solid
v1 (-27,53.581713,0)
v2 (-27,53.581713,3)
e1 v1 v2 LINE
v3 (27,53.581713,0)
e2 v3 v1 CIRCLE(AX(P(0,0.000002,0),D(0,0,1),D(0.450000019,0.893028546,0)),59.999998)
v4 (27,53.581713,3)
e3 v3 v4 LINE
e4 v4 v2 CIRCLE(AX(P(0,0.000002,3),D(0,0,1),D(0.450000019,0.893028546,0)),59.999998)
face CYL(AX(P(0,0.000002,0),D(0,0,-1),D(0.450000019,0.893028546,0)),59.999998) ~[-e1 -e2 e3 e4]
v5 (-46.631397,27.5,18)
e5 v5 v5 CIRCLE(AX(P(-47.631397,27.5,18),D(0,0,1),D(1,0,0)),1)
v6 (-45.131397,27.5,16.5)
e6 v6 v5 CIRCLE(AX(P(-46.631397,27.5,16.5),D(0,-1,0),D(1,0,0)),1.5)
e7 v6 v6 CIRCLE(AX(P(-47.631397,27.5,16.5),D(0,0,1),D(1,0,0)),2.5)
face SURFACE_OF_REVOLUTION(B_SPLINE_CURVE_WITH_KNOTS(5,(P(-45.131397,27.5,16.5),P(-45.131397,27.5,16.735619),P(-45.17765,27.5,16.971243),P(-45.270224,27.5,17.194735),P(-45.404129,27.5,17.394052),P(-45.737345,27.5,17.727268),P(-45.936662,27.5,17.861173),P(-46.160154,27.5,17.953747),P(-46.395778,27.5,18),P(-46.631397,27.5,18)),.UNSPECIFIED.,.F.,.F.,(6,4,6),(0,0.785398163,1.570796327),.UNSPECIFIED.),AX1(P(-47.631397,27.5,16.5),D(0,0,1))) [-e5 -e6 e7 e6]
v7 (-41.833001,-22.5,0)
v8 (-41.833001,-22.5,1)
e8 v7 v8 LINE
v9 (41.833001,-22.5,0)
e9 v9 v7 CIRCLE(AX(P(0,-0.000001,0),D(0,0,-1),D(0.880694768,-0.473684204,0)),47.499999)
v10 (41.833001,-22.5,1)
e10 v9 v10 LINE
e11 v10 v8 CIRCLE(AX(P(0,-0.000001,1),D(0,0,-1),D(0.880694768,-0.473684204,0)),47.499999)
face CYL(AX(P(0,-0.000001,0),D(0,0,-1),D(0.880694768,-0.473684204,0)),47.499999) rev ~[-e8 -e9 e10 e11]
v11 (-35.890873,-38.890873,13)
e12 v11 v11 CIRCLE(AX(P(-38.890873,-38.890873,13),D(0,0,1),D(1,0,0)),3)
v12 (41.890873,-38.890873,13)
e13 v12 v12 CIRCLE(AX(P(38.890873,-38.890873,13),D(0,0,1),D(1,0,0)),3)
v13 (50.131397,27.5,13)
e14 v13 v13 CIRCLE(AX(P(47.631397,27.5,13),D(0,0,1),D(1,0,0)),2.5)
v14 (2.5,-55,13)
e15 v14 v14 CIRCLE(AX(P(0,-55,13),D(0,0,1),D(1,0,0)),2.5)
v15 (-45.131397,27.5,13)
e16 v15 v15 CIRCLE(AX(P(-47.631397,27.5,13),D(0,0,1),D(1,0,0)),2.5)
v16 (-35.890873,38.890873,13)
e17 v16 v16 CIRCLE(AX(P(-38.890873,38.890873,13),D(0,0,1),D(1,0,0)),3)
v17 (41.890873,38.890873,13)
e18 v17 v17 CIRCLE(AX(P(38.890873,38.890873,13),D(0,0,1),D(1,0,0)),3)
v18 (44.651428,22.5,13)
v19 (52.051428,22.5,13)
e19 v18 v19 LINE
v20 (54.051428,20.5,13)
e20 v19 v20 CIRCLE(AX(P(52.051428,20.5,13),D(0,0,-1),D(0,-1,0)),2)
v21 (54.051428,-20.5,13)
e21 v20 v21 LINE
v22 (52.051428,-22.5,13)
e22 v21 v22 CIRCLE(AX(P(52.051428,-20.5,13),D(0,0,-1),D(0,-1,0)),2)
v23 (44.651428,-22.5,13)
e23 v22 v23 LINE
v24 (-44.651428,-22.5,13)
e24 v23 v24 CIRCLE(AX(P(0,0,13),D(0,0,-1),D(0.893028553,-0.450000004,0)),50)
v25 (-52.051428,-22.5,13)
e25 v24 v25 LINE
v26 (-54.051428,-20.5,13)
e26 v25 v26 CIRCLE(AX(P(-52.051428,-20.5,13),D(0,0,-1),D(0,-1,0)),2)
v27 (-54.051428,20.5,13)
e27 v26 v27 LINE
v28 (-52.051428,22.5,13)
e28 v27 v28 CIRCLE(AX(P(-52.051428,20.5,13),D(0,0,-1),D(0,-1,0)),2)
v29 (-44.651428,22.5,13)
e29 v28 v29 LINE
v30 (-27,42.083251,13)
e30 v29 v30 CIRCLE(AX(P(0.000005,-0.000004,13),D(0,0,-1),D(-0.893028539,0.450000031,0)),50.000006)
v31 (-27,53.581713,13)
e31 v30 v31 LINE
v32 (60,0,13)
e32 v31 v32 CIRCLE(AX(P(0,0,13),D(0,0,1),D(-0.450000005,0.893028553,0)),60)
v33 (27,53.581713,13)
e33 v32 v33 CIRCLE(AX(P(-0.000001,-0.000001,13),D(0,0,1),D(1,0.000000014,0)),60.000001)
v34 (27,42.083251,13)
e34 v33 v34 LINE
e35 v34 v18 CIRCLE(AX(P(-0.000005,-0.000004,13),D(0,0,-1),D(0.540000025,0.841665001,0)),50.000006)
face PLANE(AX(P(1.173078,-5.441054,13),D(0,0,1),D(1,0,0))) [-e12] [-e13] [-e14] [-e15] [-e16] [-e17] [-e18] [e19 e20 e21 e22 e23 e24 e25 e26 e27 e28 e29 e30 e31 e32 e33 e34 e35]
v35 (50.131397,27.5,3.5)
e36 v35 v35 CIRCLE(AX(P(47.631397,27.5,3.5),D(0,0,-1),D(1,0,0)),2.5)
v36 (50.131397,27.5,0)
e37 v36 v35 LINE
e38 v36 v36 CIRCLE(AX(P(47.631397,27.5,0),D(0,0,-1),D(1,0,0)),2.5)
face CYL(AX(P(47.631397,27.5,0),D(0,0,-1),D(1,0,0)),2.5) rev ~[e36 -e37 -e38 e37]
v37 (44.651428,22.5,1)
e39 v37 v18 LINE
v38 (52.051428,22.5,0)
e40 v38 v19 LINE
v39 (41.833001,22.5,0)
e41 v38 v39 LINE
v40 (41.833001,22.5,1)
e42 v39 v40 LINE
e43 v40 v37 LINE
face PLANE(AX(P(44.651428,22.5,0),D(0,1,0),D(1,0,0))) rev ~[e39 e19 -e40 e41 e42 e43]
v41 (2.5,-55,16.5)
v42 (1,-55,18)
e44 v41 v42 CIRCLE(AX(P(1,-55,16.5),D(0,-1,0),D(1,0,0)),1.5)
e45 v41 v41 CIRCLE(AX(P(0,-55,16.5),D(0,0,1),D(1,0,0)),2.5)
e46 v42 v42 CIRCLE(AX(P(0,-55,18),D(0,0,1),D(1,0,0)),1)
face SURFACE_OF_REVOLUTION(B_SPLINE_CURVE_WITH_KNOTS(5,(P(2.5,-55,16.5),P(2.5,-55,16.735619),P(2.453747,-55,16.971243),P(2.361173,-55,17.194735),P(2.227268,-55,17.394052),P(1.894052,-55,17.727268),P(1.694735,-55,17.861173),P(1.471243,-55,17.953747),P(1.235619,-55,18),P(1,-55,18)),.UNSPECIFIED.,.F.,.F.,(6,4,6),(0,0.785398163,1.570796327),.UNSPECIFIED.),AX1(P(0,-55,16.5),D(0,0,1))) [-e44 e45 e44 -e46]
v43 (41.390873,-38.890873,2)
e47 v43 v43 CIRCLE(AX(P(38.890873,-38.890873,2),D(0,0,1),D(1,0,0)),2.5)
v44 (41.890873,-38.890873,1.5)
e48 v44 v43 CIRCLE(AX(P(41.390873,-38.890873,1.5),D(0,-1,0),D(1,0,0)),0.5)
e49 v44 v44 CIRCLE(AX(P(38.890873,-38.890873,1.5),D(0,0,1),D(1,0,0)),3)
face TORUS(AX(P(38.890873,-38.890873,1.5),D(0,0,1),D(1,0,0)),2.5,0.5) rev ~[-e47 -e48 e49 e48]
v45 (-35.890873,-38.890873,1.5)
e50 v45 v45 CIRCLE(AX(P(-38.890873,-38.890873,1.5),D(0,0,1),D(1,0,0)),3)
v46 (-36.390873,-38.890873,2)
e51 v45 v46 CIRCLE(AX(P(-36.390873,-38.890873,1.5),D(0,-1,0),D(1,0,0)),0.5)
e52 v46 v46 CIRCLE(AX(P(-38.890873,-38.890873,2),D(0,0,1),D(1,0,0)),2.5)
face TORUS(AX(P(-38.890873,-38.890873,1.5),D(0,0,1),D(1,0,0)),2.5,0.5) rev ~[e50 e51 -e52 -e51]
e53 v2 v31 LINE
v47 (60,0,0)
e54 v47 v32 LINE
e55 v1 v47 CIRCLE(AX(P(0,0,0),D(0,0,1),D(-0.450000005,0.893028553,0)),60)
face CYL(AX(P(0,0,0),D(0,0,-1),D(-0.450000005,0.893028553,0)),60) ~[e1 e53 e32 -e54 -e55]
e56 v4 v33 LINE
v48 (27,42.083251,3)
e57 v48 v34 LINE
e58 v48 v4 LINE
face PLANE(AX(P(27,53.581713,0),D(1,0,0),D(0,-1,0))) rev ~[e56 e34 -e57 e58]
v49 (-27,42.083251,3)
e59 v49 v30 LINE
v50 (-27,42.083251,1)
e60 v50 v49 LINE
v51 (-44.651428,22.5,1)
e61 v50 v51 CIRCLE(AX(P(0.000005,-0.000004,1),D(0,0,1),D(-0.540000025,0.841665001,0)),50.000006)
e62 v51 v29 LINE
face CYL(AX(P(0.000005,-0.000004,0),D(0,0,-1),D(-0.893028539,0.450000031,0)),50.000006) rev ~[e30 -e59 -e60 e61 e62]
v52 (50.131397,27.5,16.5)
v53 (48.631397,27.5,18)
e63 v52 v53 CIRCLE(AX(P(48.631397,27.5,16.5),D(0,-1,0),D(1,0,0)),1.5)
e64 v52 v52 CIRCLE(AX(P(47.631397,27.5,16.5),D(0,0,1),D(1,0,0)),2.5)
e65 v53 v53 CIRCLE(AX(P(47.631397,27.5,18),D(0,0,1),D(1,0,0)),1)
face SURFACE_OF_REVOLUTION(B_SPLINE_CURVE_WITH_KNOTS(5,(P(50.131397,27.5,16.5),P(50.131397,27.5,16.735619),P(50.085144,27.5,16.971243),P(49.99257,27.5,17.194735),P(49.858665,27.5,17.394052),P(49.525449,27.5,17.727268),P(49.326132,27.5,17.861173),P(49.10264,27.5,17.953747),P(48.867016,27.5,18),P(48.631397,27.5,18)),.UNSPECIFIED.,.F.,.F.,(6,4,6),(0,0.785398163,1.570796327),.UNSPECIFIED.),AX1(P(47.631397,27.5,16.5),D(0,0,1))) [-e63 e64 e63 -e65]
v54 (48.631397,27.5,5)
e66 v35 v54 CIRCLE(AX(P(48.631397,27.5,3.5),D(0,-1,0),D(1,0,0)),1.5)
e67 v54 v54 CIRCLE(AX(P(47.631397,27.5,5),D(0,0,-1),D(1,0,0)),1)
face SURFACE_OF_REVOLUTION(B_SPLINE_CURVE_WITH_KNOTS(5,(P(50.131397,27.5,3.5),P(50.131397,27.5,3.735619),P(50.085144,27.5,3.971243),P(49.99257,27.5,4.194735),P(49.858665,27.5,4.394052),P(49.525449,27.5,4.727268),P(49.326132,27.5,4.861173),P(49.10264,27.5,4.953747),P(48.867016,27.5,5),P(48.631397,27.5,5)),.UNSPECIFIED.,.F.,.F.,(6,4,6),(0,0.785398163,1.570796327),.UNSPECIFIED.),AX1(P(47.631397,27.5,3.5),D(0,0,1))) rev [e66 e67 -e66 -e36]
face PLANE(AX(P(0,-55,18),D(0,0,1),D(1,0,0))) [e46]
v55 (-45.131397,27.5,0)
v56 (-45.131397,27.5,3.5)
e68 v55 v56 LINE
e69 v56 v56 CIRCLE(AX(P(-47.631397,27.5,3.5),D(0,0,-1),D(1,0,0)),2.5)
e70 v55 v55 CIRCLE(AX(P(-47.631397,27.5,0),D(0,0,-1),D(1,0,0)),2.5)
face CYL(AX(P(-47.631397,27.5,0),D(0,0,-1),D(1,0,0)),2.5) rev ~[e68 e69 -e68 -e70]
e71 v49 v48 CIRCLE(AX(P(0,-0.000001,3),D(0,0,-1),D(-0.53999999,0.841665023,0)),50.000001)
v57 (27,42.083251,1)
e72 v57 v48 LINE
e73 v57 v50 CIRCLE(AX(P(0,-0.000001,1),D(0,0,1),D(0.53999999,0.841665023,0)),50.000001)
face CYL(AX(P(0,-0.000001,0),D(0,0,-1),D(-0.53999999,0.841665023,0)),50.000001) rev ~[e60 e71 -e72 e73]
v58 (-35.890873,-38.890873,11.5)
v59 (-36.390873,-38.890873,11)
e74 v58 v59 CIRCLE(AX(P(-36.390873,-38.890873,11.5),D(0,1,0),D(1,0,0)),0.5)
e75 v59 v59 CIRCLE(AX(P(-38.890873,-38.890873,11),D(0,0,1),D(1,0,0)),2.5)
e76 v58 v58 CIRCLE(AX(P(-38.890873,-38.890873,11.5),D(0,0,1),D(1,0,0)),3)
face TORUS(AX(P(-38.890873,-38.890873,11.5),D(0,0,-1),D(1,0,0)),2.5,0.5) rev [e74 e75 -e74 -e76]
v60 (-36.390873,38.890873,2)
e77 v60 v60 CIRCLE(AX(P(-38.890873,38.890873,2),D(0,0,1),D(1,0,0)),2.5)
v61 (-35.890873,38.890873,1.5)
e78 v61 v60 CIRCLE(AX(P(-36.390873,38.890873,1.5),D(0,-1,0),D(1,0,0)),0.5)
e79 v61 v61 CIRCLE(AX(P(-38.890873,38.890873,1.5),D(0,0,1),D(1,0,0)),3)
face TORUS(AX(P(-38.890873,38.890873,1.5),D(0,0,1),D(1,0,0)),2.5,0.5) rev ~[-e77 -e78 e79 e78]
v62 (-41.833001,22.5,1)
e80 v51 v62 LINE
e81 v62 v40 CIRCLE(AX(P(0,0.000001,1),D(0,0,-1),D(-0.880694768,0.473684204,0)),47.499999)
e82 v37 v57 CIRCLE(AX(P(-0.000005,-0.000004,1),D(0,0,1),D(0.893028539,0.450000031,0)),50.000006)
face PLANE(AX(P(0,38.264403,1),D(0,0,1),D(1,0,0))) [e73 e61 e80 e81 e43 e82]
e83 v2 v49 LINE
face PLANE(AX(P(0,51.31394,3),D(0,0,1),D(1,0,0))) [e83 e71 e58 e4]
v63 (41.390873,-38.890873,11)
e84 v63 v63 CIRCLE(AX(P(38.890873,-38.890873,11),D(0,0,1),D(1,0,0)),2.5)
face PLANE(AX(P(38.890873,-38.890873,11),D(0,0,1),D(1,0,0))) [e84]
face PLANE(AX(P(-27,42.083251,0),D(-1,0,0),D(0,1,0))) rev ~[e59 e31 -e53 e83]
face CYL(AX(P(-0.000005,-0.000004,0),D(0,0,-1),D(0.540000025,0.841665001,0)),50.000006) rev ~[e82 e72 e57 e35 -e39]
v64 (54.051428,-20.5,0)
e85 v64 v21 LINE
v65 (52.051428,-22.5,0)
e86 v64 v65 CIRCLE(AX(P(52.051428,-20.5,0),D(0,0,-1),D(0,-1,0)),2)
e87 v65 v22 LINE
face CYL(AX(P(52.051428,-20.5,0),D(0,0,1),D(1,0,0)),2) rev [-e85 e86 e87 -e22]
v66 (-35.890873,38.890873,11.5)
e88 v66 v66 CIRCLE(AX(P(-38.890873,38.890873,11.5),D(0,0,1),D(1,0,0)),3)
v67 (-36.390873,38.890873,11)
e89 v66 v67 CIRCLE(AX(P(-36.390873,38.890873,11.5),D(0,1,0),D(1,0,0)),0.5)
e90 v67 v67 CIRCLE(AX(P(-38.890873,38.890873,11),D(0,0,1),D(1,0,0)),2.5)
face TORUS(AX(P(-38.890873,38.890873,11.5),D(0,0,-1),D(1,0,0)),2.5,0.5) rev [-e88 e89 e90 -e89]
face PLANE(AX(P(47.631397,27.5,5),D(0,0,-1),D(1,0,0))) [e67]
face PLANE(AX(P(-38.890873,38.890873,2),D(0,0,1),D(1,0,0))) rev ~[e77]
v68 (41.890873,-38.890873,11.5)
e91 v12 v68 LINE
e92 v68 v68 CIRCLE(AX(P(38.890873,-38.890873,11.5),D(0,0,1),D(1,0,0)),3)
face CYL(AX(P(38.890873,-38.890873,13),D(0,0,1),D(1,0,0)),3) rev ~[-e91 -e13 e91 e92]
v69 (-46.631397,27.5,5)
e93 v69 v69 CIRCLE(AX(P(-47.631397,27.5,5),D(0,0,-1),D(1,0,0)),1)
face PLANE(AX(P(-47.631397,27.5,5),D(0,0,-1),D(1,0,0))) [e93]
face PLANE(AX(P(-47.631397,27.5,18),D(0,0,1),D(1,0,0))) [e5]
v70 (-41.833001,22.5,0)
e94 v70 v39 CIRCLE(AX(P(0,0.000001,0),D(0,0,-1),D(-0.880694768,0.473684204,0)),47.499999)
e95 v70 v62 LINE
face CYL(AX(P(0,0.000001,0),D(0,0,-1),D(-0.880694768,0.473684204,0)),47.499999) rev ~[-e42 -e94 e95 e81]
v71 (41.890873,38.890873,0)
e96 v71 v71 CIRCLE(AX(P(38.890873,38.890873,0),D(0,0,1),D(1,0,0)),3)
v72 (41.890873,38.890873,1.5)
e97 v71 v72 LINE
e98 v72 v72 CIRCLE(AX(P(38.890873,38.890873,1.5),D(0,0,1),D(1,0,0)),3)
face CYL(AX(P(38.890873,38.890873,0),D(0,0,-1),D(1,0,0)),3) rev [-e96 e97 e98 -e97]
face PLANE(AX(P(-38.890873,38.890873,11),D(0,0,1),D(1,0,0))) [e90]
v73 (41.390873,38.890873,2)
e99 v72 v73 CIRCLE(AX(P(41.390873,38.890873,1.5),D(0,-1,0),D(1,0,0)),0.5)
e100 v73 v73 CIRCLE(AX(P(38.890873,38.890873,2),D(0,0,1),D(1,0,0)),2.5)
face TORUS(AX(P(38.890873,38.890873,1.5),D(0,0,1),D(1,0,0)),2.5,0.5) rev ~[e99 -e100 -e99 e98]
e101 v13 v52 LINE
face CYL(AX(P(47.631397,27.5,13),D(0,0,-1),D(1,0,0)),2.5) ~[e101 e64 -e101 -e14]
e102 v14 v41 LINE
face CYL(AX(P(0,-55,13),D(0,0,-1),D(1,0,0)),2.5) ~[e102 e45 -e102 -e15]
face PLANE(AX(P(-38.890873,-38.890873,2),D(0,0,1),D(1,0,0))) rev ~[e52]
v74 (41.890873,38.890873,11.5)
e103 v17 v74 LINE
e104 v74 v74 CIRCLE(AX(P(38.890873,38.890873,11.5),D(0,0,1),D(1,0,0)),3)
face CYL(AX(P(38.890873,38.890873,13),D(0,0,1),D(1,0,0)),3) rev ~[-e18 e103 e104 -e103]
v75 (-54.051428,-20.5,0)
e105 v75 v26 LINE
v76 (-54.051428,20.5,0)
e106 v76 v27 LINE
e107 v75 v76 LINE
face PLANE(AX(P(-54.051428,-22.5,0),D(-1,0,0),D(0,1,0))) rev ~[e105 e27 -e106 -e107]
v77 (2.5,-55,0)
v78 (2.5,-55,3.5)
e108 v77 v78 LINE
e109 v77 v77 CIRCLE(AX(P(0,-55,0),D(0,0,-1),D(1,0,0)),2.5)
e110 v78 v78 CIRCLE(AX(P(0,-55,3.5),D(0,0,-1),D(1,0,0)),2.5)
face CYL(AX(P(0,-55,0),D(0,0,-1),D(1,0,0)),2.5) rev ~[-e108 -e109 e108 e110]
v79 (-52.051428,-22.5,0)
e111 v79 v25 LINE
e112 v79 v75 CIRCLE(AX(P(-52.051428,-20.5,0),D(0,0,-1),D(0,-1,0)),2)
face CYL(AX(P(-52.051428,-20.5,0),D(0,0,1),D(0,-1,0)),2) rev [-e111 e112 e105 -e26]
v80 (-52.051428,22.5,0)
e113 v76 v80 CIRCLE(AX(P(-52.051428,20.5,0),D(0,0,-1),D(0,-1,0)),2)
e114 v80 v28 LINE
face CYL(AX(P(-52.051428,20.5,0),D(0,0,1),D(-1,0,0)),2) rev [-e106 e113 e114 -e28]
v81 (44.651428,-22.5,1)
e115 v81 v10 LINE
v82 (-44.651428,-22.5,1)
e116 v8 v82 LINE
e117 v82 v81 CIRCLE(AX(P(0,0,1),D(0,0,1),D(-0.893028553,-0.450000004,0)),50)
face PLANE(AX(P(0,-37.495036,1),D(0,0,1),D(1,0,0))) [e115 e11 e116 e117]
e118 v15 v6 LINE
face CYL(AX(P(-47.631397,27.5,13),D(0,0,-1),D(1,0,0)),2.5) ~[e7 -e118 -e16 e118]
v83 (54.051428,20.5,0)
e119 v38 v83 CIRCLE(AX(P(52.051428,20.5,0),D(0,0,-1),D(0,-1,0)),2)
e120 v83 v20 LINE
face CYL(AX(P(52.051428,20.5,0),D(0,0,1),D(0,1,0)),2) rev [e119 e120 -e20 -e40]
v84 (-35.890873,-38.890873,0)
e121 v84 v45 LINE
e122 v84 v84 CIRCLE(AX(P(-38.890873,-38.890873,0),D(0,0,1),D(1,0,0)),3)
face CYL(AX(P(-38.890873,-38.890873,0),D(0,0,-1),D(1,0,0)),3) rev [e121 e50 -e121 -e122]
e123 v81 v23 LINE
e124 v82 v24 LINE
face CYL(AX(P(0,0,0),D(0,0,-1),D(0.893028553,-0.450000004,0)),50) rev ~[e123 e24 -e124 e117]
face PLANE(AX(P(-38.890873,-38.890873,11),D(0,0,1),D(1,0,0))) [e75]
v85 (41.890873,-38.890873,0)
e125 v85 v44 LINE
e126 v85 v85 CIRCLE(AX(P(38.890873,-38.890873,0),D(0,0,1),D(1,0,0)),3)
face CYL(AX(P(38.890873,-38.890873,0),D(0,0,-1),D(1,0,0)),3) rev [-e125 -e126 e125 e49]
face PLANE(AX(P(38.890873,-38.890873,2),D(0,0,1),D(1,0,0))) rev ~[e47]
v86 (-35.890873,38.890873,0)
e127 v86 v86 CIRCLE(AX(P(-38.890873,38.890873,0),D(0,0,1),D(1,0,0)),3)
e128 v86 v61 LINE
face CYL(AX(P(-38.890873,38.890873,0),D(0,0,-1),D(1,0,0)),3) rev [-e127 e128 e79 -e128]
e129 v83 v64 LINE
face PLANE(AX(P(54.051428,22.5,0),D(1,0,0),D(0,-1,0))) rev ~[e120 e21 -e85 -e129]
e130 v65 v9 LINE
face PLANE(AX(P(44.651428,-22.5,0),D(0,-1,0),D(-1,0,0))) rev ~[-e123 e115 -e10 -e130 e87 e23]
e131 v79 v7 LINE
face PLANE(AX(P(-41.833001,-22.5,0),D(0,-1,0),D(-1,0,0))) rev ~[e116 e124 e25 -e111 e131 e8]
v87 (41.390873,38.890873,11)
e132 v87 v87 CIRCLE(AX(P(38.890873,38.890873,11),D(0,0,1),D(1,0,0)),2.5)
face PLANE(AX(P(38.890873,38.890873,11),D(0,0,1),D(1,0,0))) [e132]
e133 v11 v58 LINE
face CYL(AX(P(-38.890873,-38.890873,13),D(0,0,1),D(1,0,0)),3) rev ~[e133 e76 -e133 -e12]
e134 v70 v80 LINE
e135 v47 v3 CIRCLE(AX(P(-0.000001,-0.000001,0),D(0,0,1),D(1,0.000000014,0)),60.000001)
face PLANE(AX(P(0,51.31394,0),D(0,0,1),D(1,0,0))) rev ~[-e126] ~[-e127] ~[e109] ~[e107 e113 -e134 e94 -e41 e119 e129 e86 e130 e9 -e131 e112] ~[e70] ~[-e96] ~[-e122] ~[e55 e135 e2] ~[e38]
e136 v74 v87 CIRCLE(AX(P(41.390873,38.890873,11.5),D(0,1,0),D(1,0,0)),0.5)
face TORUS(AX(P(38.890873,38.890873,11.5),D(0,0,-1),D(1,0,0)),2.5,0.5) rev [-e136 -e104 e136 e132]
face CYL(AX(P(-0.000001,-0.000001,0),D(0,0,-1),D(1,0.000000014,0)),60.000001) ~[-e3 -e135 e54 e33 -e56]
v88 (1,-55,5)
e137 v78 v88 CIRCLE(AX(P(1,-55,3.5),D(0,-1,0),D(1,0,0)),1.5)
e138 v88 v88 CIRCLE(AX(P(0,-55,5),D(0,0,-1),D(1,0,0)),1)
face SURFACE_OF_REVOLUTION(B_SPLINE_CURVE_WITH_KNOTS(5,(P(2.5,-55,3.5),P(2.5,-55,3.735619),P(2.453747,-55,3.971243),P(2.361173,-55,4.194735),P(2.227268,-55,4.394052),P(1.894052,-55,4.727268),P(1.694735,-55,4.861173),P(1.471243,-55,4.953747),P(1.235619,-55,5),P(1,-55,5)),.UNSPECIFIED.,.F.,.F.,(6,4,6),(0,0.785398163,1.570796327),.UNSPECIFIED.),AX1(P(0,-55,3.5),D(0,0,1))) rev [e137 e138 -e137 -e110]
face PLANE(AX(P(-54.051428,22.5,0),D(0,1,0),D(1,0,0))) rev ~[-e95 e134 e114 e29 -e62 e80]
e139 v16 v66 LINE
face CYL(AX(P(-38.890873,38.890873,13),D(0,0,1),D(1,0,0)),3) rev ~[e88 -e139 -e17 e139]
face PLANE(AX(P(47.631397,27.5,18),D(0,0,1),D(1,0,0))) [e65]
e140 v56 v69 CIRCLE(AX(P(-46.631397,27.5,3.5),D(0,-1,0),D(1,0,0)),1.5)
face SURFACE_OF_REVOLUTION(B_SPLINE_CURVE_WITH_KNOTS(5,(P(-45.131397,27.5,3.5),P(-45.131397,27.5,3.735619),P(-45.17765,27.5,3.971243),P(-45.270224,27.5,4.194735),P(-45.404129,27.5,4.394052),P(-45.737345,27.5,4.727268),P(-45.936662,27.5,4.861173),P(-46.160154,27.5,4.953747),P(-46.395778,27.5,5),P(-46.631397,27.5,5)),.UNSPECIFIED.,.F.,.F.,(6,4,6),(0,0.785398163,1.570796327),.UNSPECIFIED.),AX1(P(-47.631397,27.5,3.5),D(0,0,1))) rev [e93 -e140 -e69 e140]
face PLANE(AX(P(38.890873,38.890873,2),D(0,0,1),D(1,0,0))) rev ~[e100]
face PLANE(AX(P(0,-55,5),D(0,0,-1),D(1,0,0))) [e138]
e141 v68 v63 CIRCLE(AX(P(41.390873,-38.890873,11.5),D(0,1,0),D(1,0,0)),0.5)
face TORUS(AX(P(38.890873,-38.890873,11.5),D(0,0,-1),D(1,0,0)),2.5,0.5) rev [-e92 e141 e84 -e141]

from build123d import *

# Parameters (mm, degrees)
F1_DEPTH  = 13
F2_R      = 3
F3_DEPTH  = 2
F2_R_2    = 2.5
F4_DEPTH  = 5
F5_R      = 0.5
F7_R      = 3
F6_R      = 3
F8_DEPTH  = 2
F9_R      = 0.5
F10_R     = 2.5
F11_DEPTH = 5
F12_R     = 1.5
F16_DEPTH = 1
F17_DEPTH = 3
F18_R     = 2


with BuildPart() as f1:
    # F0 (on Top) → F1 (new body)
    with BuildSketch(Plane.XY):
        with BuildLine():
            ThreePointArc((-27, 53.581713), (-31.464265, -51.088159), (60, 0))
            ThreePointArc((60, 0), (51.088159, 31.464265), (27, 53.581713))
            Line((27, 53.581713), (27, 42.083251))
            ThreePointArc((27, 42.083251), (37.139705, 33.475996), (44.651428, 22.5))
            Line((44.651428, 22.5), (54.051428, 22.5))
            Line((54.051428, 22.5), (54.051428, -22.5))
            Line((54.051428, -22.5), (44.651428, -22.5))
            ThreePointArc((44.651428, -22.5), (0, -50), (-44.651428, -22.5))
            Line((-44.651428, -22.5), (-54.051428, -22.5))
            Line((-54.051428, -22.5), (-54.051428, 22.5))
            Line((-54.051428, 22.5), (-44.651428, 22.5))
            ThreePointArc((-44.651428, 22.5), (-37.139705, 33.475996), (-27, 42.083251))
            Line((-27, 42.083251), (-27, 53.581713))
        make_face()
    extrude(amount=F1_DEPTH)

    # F2 (on face) → F3 (cut)
    with BuildSketch(Plane.XY.offset(13)):
        with Locations((-38.890873, 38.890873)):
            Circle(F2_R)
        with Locations((38.890873, 38.890873)):
            Circle(F2_R)
        with Locations((38.890873, -38.890873)):
            Circle(F2_R)
        with Locations((-38.890873, -38.890873)):
            Circle(F2_R)
    extrude(amount=-F3_DEPTH, mode=Mode.SUBTRACT)

    # F2 (on face) → F4 (join)
    with BuildSketch(Plane.XY.offset(13)):
        with Locations((0, -55)):
            Circle(F2_R_2)
        with Locations((47.631397, 27.5)):
            Circle(F2_R_2)
        with Locations((-47.631397, 27.5)):
            Circle(F2_R_2)
    extrude(amount=F4_DEPTH)

    # F5
    f5_edges = [f1.edges().sort_by_distance(p)[0] for p in [
        (35.890873, -38.890873, 11),
        (-41.890873, -38.890873, 11),
        (-41.890873, 38.890873, 11),
        (35.890873, 38.890873, 11),
    ]]
    fillet(f5_edges, radius=F5_R)

    # F7 (on face) + F6 (on face) → F8 (cut)
    with BuildSketch(Plane.XY):
        with Locations((-38.890873, -38.890873)):
            Circle(F7_R)
    with BuildSketch(Plane.XY):
        with Locations((38.890873, -38.890873)):
            Circle(F6_R)
        with Locations((38.890873, 38.890873)):
            Circle(F6_R)
        with Locations((-38.890873, 38.890873)):
            Circle(F6_R)
    extrude(amount=F8_DEPTH, mode=Mode.SUBTRACT)

    # F9
    f9_edges = [f1.edges().sort_by_distance(p)[0] for p in [
        (35.890873, 38.890873, 2),
        (35.890873, -38.890873, 2),
        (-41.890873, -38.890873, 2),
        (-41.890873, 38.890873, 2),
    ]]
    fillet(f9_edges, radius=F9_R)

    # F10 (on face) → F11 (cut)
    with BuildSketch(Plane(origin=(0, 0, 0), x_dir=(1, 0, 0), z_dir=(0, 0, -1))):
        with Locations((-47.631397, -27.5)):
            Circle(F10_R)
        with Locations((0, 55)):
            Circle(F10_R)
        with Locations((47.631397, -27.5)):
            Circle(F10_R)
    extrude(amount=-F11_DEPTH, mode=Mode.SUBTRACT)

    # F12
    f12_edges = [f1.edges().sort_by_distance(p)[0] for p in [
        (-2.5, -55, 18),
        (-50.131397, 27.5, 18),
        (45.131397, 27.5, 18),
        (-2.5, -55, 5),
        (45.131397, 27.5, 5),
        (-50.131397, 27.5, 5),
    ]]
    fillet(f12_edges, radius=F12_R)

    # F0 (on Top) → F16 (join)
    with BuildSketch(Plane.XY):
        with BuildLine():
            ThreePointArc((-44.651428, -22.5), (0, -50), (44.651428, -22.5))
            Line((44.651428, -22.5), (41.833001, -22.5))
            ThreePointArc((41.833001, -22.5), (0, -47.5), (-41.833001, -22.5))
            Line((-41.833001, -22.5), (-44.651428, -22.5))
        make_face()
        with BuildLine():
            ThreePointArc((44.651428, 22.5), (37.139705, 33.475996), (27, 42.083251))
            ThreePointArc((27, 42.083251), (0, 50), (-27, 42.083251))
            ThreePointArc((-27, 42.083251), (-37.139705, 33.475996), (-44.651428, 22.5))
            Line((-44.651428, 22.5), (-41.833001, 22.5))
            ThreePointArc((-41.833001, 22.5), (0, 47.5), (41.833001, 22.5))
            Line((41.833001, 22.5), (44.651428, 22.5))
        make_face()
    extrude(amount=F16_DEPTH)

    # F0 (on Top) → F17 (join)
    with BuildSketch(Plane.XY):
        with BuildLine():
            Line((27, 42.083251), (27, 53.581713))
            ThreePointArc((27, 53.581713), (0, 60), (-27, 53.581713))
            Line((-27, 53.581713), (-27, 42.083251))
            ThreePointArc((-27, 42.083251), (0, 50), (27, 42.083251))
        make_face()
    extrude(amount=F17_DEPTH)

    # F18
    f18_edges = [f1.edges().sort_by_distance(p)[0] for p in [
        (-54.051428, 22.5, 6.5),
        (54.051428, 22.5, 6.5),
        (54.051428, -22.5, 6.5),
        (-54.051428, -22.5, 6.5),
    ]]
    fillet(f18_edges, radius=F18_R)


with BuildPart() as f13_1:
    # F13: copy of F1
    add(f1.part)


solid = f1.part
